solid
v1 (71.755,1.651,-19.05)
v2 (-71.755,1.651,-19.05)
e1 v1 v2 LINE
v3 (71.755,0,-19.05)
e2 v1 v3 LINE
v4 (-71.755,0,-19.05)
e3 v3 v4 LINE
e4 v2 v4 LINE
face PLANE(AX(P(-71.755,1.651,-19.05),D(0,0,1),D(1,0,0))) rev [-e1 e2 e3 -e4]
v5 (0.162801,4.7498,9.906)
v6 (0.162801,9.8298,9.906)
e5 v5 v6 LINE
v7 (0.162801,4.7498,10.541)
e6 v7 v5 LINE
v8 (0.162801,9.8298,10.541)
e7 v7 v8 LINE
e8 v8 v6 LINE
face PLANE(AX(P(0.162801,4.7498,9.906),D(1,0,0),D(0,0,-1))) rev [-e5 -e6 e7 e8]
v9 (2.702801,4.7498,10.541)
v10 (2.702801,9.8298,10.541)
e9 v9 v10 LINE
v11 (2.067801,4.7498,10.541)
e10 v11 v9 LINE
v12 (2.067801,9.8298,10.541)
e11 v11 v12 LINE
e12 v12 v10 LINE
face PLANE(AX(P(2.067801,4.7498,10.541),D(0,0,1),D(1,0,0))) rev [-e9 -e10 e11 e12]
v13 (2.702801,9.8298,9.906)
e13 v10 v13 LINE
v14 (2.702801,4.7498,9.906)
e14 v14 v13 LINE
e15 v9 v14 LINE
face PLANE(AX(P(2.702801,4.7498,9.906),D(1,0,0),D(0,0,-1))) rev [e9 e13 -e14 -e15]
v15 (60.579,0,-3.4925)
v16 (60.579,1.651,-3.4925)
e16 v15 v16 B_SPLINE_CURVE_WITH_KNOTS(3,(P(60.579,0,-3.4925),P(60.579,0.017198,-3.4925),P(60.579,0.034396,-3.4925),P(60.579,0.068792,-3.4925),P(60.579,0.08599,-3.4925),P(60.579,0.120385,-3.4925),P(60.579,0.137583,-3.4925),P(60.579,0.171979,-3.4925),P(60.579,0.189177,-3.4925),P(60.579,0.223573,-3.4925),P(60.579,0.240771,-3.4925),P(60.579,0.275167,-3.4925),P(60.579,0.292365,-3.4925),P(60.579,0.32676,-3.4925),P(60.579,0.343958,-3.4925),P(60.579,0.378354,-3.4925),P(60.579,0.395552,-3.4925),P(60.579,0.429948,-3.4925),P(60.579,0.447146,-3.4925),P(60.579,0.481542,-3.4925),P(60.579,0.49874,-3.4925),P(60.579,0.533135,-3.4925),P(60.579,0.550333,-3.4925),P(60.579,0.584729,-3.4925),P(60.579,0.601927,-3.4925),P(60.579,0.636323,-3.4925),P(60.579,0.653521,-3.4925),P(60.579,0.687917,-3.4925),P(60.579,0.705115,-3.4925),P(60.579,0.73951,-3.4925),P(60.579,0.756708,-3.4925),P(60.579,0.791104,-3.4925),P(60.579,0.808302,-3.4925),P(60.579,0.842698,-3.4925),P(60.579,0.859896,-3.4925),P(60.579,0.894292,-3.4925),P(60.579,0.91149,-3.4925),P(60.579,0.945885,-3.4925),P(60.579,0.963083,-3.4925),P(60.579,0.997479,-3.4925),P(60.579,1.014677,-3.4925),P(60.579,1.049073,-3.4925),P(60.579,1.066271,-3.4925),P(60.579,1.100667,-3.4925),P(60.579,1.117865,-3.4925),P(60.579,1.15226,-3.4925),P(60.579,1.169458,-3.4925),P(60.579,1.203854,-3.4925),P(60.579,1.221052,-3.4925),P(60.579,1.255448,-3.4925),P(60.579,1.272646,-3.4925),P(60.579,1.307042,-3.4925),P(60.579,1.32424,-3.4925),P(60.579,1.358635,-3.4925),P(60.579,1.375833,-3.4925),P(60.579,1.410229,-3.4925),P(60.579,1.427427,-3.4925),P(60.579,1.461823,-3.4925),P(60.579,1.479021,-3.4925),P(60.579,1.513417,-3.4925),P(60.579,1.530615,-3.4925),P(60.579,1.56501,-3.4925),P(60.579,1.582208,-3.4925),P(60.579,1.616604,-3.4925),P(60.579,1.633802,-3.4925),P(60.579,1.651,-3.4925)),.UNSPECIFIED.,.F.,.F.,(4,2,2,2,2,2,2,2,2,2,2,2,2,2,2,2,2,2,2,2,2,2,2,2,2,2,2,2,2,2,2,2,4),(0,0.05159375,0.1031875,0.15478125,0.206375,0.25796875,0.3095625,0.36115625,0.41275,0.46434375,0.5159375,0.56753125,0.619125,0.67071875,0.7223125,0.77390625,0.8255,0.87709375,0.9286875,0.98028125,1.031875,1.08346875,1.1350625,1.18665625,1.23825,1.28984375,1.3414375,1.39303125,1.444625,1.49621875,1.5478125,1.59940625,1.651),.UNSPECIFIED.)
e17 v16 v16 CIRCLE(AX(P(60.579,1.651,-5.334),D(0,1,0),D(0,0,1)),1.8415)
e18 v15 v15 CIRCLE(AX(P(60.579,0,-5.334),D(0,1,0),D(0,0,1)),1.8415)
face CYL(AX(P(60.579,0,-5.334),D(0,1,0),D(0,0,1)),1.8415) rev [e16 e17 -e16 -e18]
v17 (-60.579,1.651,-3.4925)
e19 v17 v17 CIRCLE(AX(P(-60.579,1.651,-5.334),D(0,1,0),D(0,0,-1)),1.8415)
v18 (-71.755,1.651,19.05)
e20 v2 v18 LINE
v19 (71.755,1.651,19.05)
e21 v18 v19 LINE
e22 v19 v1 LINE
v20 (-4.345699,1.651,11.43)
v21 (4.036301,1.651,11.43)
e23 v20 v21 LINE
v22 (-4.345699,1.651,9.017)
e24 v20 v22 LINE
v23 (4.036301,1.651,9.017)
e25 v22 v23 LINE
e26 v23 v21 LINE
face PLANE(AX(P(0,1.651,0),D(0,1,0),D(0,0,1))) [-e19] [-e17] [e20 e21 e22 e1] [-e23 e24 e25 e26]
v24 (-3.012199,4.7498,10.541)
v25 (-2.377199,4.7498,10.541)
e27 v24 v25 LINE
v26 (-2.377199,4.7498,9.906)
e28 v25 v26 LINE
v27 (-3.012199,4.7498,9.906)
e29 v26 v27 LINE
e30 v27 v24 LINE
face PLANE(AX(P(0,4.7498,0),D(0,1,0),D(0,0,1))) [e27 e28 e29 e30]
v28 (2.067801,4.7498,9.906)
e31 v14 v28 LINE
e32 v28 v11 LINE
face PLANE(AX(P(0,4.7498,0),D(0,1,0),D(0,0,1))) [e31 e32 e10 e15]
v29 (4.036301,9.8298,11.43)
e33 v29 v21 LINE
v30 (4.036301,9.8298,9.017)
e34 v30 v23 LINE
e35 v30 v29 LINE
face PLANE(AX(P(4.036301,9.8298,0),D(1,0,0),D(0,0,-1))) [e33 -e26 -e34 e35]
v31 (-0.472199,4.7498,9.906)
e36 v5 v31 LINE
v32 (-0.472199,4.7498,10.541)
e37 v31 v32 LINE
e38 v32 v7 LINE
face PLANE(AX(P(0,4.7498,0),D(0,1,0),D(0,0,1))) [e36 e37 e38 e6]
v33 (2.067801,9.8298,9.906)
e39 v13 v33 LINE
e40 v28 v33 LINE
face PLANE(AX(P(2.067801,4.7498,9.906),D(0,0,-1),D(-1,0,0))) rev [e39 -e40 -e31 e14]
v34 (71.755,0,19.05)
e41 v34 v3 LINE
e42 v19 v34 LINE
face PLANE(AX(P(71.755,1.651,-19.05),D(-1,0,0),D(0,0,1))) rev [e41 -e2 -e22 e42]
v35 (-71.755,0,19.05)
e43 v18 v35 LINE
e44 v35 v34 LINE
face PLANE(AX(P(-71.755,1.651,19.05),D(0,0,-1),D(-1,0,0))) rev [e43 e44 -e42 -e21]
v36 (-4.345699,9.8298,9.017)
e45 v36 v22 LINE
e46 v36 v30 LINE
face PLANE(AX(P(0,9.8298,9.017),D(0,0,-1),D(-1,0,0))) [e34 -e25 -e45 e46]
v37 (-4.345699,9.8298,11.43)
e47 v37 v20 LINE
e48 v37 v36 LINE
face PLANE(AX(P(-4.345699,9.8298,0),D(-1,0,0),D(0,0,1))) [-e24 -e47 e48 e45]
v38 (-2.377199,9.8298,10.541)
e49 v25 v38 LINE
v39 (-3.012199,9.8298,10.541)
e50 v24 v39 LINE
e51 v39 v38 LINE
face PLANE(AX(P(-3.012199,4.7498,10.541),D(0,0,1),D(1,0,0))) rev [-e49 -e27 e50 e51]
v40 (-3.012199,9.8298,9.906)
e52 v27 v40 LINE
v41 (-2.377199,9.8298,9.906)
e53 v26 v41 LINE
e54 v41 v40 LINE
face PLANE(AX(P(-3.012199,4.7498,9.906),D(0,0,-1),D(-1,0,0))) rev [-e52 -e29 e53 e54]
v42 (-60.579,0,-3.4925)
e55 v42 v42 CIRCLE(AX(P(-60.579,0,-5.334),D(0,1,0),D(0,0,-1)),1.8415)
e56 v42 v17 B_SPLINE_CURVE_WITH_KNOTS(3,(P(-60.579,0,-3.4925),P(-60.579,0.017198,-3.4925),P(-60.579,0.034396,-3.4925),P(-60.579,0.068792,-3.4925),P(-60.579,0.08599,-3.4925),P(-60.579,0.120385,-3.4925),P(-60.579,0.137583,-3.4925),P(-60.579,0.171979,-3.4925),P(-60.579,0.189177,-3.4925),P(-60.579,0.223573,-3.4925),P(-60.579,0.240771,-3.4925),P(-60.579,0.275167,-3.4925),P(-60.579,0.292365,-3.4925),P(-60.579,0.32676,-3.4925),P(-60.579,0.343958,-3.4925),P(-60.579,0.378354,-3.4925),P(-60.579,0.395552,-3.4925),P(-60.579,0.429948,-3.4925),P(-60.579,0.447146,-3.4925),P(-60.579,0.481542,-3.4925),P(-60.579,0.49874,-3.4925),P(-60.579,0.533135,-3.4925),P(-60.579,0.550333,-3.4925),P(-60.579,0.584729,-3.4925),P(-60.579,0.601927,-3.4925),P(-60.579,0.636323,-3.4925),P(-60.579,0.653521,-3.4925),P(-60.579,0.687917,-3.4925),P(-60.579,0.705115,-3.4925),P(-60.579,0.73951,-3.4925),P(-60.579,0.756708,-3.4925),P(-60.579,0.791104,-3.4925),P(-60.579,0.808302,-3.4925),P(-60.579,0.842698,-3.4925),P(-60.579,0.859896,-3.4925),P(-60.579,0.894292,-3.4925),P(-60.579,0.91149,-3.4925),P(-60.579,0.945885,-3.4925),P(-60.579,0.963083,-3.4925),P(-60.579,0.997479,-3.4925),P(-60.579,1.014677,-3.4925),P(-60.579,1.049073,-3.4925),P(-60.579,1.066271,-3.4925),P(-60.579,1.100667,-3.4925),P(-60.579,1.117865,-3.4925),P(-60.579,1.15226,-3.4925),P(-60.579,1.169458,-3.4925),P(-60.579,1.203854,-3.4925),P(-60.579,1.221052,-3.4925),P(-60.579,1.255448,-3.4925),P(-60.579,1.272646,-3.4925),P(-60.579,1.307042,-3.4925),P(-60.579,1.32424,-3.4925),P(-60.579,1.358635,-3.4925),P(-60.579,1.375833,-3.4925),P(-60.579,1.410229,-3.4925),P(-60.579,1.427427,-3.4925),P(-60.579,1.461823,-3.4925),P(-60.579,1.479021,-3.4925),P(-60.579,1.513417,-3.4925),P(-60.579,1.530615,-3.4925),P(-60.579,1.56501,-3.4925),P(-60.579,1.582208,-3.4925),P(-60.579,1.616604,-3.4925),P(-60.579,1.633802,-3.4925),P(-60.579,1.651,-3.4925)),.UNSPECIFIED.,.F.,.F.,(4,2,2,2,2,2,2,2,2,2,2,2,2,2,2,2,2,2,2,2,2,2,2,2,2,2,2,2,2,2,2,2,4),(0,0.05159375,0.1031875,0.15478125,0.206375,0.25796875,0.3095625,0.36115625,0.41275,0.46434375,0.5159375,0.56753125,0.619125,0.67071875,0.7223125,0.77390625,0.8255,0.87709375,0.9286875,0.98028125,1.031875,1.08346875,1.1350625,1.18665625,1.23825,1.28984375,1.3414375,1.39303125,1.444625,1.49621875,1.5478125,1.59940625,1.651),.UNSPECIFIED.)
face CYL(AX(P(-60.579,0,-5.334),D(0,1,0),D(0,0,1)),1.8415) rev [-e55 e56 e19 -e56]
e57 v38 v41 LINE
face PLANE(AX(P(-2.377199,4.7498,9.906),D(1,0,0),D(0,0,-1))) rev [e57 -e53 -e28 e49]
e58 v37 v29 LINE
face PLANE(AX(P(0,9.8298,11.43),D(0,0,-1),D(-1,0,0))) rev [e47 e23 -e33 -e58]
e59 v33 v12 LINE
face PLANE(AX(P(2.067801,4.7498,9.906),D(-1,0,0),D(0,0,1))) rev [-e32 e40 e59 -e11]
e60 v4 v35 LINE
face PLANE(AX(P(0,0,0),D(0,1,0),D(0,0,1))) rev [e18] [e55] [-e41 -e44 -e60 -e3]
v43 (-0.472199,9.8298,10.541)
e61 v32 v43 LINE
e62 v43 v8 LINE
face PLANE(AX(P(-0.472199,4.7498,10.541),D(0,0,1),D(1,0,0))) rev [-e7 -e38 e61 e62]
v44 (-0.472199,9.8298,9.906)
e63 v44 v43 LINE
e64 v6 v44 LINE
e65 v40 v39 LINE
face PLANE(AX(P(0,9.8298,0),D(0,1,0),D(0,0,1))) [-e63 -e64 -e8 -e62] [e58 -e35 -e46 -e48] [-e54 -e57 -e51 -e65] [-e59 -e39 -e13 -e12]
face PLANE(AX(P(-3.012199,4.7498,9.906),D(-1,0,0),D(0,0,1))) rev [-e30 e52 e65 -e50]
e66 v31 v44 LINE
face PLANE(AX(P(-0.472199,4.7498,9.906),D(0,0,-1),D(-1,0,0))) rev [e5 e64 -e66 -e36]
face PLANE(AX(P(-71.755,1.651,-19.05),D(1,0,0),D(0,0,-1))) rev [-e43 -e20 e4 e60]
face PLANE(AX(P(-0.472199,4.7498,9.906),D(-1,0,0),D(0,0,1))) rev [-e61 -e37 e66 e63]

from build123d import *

# Parameters (mm, degrees)
ESQUISSE1_W             = 143.51
ESQUISSE1_H             = 38.1
BOSS_EXTRU_1_DEPTH      = 1.651
ESQUISSE2_R             = 1.8415
ENL_V_MAT_EXTRU_1_DEPTH = 75.259062248
ESQUISSE3_W             = 8.382
ESQUISSE3_H             = 2.413
BOSS_EXTRU_2_DEPTH      = 8.1788
ESQUISSE4_W             = 0.635
ESQUISSE4_H             = 0.635
ENL_V_MAT_EXTRU_2_DEPTH = 5.08


with BuildPart() as part:
    # Esquisse1 → Boss.-Extru.1 (new body)
    with BuildSketch(Plane(origin=(0, 0, 0), x_dir=(1, 0, 0), z_dir=(0, 1, 0))):
        Rectangle(ESQUISSE1_W, ESQUISSE1_H)
    extrude(amount=BOSS_EXTRU_1_DEPTH)

    # Esquisse2 → Enlèv. mat.-Extru.1 (cut, through all)
    with BuildSketch(Plane(origin=(0, 1.651, 0), x_dir=(1, 0, 0), z_dir=(0, 1, 0))):
        with Locations(Location((60.579, 5.334, 0), (0, 0, 270))):
            Circle(ESQUISSE2_R)
        with Locations(Location((-60.579, 5.334, 0), (0, 0, 270))):
            Circle(ESQUISSE2_R)
    extrude(amount=-ENL_V_MAT_EXTRU_1_DEPTH, mode=Mode.SUBTRACT)

    # Esquisse3 → Boss.-Extru.2 (add)
    with BuildSketch(Plane(origin=(0, 1.651, 0), x_dir=(1, 0, 0), z_dir=(0, 1, 0))):
        with Locations((-0.154698586, -10.2235)):
            Rectangle(ESQUISSE3_W, ESQUISSE3_H)
    extrude(amount=BOSS_EXTRU_2_DEPTH)

    # Esquisse4 → Enlèv. mat.-Extru.2 (cut)
    with BuildSketch(Plane(origin=(0, 9.8298, 0), x_dir=(1, 0, 0), z_dir=(0, 1, 0))):
        with Locations((-0.154698586, -10.2235)):
            Rectangle(ESQUISSE4_W, ESQUISSE4_H)
        with Locations((-2.694698586, -10.2235)):
            Rectangle(ESQUISSE4_W, ESQUISSE4_H)
        with Locations((2.385301414, -10.2235)):
            Rectangle(ESQUISSE4_W, ESQUISSE4_H)
    extrude(amount=-ENL_V_MAT_EXTRU_2_DEPTH, mode=Mode.SUBTRACT)


solid = part.part
